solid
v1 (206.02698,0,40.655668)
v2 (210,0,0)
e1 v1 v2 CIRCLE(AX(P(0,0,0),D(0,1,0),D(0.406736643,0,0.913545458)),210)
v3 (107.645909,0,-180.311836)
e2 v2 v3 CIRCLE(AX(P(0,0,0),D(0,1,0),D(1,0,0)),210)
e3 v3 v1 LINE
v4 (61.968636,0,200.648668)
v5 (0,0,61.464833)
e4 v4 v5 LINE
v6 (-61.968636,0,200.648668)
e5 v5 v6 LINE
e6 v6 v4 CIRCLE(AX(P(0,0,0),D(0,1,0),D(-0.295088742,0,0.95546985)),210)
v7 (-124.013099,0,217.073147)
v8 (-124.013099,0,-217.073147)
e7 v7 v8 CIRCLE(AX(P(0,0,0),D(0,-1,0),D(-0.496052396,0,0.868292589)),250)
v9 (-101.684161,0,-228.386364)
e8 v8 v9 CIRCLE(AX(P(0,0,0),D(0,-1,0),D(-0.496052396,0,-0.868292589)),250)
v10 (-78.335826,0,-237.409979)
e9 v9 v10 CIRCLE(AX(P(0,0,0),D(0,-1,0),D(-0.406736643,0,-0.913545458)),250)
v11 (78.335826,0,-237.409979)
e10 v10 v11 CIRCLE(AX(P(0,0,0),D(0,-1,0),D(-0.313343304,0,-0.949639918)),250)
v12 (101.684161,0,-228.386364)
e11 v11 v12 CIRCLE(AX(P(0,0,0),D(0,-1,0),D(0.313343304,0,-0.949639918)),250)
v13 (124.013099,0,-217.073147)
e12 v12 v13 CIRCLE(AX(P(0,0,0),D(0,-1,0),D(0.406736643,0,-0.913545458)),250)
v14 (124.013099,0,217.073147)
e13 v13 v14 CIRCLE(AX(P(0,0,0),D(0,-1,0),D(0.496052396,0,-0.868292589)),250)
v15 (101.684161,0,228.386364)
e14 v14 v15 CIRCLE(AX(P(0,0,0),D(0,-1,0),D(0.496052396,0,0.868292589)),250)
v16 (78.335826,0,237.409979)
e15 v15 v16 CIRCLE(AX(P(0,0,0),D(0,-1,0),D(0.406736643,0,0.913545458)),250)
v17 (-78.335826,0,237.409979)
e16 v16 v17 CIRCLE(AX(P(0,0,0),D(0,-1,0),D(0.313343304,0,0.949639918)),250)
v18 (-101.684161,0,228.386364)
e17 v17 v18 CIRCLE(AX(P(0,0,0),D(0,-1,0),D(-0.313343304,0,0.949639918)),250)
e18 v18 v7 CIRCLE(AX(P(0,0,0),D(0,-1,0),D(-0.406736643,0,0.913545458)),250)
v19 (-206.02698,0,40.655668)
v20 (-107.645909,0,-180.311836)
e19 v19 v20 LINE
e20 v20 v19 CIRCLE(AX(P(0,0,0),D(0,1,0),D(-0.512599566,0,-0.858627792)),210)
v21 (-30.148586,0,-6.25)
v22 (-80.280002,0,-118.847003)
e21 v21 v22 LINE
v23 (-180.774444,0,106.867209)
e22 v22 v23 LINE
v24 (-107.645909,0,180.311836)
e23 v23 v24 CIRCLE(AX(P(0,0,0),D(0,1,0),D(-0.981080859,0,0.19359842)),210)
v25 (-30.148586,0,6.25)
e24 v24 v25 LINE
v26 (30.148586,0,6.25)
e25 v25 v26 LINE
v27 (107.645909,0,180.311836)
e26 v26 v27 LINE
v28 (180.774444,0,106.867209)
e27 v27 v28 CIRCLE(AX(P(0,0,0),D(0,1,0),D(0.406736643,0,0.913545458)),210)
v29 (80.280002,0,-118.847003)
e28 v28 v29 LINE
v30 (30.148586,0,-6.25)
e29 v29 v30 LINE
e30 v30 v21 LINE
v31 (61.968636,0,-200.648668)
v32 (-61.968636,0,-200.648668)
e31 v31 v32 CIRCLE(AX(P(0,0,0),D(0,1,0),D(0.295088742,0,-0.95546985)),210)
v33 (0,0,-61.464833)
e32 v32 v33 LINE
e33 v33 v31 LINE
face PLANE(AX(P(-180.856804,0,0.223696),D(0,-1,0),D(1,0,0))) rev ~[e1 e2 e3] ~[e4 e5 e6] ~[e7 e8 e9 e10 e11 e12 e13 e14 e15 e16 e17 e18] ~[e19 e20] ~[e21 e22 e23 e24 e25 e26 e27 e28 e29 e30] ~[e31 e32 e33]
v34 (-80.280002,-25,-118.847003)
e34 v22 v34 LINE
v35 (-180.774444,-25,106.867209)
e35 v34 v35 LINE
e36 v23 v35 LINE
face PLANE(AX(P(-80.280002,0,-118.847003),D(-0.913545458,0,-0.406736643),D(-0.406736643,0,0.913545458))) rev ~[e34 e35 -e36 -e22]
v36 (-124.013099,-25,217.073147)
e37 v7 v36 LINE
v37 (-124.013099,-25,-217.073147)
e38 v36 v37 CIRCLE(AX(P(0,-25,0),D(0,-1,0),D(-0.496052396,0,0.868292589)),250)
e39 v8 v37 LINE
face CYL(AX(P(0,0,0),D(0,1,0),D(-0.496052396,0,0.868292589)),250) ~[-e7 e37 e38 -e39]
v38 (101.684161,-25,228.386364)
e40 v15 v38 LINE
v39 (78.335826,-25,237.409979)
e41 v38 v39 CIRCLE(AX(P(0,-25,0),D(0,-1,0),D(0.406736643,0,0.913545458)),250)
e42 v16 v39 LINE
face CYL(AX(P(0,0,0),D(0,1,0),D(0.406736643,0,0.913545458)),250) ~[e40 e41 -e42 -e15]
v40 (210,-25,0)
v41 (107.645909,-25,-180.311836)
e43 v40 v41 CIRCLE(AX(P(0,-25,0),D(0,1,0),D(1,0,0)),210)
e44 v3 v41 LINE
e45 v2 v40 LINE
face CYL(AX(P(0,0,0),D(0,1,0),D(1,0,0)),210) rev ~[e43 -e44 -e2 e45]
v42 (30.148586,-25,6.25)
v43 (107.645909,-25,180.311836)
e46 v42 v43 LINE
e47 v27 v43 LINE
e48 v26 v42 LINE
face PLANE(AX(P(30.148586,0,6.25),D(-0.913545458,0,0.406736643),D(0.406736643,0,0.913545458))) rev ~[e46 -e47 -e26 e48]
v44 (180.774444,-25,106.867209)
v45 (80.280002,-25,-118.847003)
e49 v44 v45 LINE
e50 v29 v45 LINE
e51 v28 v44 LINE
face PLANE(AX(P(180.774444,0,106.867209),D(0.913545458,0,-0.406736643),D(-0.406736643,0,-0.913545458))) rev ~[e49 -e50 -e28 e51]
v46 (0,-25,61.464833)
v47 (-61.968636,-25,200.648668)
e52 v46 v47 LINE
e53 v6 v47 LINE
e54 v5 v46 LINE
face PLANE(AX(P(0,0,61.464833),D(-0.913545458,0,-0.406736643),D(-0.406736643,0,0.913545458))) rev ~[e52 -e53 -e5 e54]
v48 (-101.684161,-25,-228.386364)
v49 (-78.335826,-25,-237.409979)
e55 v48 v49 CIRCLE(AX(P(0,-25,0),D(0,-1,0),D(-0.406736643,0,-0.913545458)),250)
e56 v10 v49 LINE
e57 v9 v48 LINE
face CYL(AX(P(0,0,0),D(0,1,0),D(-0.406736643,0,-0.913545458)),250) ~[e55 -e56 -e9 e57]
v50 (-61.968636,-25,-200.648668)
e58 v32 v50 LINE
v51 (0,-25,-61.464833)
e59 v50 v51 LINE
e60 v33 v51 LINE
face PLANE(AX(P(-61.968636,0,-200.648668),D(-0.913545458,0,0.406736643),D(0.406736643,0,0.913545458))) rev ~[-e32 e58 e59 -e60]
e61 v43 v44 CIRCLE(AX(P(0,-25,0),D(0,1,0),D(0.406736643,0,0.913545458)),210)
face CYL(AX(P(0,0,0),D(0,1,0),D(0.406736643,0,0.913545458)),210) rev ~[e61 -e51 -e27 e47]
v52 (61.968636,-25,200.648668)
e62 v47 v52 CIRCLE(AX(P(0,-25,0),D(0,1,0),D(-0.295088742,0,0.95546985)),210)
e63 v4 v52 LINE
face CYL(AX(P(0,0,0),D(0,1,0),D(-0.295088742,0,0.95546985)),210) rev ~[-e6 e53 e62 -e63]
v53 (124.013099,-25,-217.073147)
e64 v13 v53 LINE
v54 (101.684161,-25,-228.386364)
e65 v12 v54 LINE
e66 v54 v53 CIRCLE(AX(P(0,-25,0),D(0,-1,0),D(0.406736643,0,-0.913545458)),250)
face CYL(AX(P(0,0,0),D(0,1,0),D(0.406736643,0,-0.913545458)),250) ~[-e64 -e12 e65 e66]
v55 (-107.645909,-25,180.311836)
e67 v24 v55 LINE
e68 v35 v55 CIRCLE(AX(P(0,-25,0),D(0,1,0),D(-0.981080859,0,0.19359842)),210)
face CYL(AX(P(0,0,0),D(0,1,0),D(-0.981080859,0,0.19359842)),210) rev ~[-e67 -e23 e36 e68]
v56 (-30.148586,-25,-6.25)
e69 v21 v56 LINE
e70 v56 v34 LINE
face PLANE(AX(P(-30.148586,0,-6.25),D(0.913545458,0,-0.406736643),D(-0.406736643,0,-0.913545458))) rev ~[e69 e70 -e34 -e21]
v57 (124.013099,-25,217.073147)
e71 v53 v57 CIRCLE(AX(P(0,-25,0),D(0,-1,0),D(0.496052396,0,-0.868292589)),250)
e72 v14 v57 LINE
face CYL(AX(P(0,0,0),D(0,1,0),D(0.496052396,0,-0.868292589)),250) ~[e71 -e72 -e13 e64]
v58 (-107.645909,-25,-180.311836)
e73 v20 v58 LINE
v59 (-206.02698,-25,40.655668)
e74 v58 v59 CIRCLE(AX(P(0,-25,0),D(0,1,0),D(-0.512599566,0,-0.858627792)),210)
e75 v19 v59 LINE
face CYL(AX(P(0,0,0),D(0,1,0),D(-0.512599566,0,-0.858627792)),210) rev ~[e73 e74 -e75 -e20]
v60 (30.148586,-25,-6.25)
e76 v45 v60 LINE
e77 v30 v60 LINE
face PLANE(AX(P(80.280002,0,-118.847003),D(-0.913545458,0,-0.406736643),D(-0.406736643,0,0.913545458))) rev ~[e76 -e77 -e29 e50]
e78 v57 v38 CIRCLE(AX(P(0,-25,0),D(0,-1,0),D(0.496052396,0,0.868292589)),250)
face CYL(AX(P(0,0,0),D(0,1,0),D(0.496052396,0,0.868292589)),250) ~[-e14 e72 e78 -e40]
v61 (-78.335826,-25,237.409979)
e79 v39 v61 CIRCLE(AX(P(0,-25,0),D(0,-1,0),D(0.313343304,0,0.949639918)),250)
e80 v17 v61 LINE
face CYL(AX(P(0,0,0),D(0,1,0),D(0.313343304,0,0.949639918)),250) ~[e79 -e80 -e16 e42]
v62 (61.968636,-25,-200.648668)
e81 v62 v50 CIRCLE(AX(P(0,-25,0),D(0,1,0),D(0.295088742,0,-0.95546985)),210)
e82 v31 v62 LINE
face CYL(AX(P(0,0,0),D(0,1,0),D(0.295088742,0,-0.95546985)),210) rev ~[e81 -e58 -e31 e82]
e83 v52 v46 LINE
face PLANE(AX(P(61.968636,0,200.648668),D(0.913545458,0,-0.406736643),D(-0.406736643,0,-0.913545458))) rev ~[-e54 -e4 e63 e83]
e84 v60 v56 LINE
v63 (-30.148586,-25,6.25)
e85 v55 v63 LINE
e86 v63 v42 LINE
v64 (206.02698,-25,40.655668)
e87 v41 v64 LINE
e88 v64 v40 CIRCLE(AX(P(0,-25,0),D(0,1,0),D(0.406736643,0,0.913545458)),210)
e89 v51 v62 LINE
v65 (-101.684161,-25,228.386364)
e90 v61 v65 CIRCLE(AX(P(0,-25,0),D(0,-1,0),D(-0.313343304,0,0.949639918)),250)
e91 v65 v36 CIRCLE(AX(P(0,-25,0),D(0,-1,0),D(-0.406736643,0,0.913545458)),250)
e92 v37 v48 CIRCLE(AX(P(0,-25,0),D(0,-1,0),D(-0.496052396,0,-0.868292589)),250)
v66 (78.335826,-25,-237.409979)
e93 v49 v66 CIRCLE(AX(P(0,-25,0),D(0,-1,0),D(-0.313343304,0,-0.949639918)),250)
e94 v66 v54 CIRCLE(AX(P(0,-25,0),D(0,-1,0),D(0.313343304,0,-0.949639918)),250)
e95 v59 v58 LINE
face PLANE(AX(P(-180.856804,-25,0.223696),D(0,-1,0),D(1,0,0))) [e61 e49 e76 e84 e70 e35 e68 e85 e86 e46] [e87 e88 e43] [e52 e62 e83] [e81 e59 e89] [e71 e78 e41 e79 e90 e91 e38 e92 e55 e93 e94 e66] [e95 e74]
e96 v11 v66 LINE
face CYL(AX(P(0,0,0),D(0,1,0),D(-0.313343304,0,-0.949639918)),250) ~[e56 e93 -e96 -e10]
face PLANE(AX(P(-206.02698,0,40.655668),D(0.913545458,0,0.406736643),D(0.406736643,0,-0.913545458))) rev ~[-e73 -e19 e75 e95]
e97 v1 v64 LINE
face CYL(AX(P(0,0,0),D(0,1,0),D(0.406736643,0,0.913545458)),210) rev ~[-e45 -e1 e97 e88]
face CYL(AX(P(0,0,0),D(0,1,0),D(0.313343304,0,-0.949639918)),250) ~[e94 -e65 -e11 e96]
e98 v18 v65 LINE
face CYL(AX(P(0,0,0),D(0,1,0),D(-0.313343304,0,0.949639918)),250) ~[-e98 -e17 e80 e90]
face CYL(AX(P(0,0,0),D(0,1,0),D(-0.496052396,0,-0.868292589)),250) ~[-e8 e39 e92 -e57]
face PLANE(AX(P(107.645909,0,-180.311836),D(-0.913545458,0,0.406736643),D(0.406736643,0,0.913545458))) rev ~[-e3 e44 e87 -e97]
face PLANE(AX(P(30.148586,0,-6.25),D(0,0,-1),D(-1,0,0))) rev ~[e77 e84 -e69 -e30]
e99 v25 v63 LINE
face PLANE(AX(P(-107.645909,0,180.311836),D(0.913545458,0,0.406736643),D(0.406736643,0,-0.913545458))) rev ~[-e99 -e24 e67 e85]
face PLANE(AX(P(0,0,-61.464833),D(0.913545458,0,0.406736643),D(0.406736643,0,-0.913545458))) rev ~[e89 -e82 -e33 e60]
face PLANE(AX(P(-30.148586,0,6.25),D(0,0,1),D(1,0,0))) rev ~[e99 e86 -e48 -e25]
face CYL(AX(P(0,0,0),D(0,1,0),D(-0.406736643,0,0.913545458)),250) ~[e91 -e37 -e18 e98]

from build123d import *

# Parameters (mm, degrees)
F1_DEPTH = 25


with BuildPart() as f1:
    # F0 (on Front) → F1 (new body)
    with BuildSketch(Plane.XZ):
        with BuildLine():
            Line((-107.6459087959, 180.3118363267), (-124.0130989589, 217.0731473182))
            ThreePointArc((-124.0130989589, 217.0731473182), (-250, 0), (-124.0130989589, -217.0731473182))
            Line((-124.0130989589, -217.0731473182), (-107.6459087959, -180.3118363267))
            ThreePointArc((-107.6459087959, -180.3118363267), (-191.8445461049, -85.4146950459), (-206.0269803632, 40.6556682694))
            ThreePointArc((-206.0269803632, 40.6556682694), (-196.2137291061, 74.8343003594), (-180.7744438555, 106.8672094177))
            ThreePointArc((-180.7744438555, 106.8672094177), (-148.8123088368, 148.1718486712), (-107.6459087959, 180.3118363267))
        make_face()
        with BuildLine():
            Line((-85.4146950459, 191.8445461049), (-101.684160769, 228.3863644107))
            ThreePointArc((-101.684160769, 228.3863644107), (-112.9903114537, 223.0093933394), (-124.0130989589, 217.0731473182))
            Line((-124.0130989589, 217.0731473182), (-107.6459087959, 180.3118363267))
            ThreePointArc((-107.6459087959, 180.3118363267), (-96.7023786556, 186.4098977049), (-85.4146950459, 191.8445461049))
        make_face()
        with BuildLine():
            Line((-61.9686359138, 200.6486684805), (-78.3358260768, 237.4099794719))
            ThreePointArc((-78.3358260768, 237.4099794719), (-90.1230010773, 233.1905758748), (-101.684160769, 228.3863644107))
            Line((-101.684160769, 228.3863644107), (-85.4146950459, 191.8445461049))
            ThreePointArc((-85.4146950459, 191.8445461049), (-73.823029631, 196.5964401918), (-61.9686359138, 200.6486684805))
        make_face()
        with BuildLine():
            Line((61.9686359138, 200.6486684805), (78.3358260768, 237.4099794719))
            ThreePointArc((78.3358260768, 237.4099794719), (0, 250), (-78.3358260768, 237.4099794719))
            Line((-78.3358260768, 237.4099794719), (-61.9686359138, 200.6486684805))
            ThreePointArc((-61.9686359138, 200.6486684805), (0, 210), (61.9686359138, 200.6486684805))
        make_face()
        with BuildLine():
            Line((85.4146950459, 191.8445461049), (101.684160769, 228.3863644107))
            ThreePointArc((101.684160769, 228.3863644107), (90.1230010773, 233.1905758748), (78.3358260768, 237.4099794719))
            Line((78.3358260768, 237.4099794719), (61.9686359138, 200.6486684805))
            ThreePointArc((61.9686359138, 200.6486684805), (73.823029631, 196.5964401918), (85.4146950459, 191.8445461049))
        make_face()
        with BuildLine():
            ThreePointArc((124.0130989589, -217.0731473182), (216.2212694669, -125.4924803729), (250, 0))
            ThreePointArc((250, 0), (216.2212694669, 125.4924803729), (124.0130989589, 217.0731473182))
            Line((124.0130989589, 217.0731473182), (107.6459087959, 180.3118363267))
            ThreePointArc((107.6459087959, 180.3118363267), (148.8123088368, 148.1718486712), (180.7744438555, 106.8672094177))
            ThreePointArc((180.7744438555, 106.8672094177), (196.2137291061, 74.8343003594), (206.0269803632, 40.6556682694))
            ThreePointArc((206.0269803632, 40.6556682694), (209.0043849735, 20.4246679745), (210, 0))
            ThreePointArc((210, 0), (182.627545632, -103.6686045842), (107.6459087959, -180.3118363267))
            Line((107.6459087959, -180.3118363267), (124.0130989589, -217.0731473182))
        make_face()
        with BuildLine():
            Line((107.6459087959, 180.3118363267), (124.0130989589, 217.0731473182))
            ThreePointArc((124.0130989589, 217.0731473182), (112.9903114537, 223.0093933394), (101.684160769, 228.3863644107))
            Line((101.684160769, 228.3863644107), (85.4146950459, 191.8445461049))
            ThreePointArc((85.4146950459, 191.8445461049), (96.7023786556, 186.4098977049), (107.6459087959, 180.3118363267))
        make_face()
        with BuildLine():
            Line((80.2800018333, -118.8470029373), (107.6459087959, -180.3118363267))
            Line((107.6459087959, -180.3118363267), (206.0269803632, 40.6556682694))
            ThreePointArc((206.0269803632, 40.6556682694), (196.2137291061, 74.8343003594), (180.7744438555, 106.8672094177))
            Line((180.7744438555, 106.8672094177), (80.2800018333, -118.8470029373))
        make_face()
        with BuildLine():
            ThreePointArc((101.6841607689, -228.3863644107), (112.9903114537, -223.0093933394), (124.0130989589, -217.0731473182))
            Line((124.0130989589, -217.0731473182), (107.6459087959, -180.3118363267))
            ThreePointArc((107.6459087959, -180.3118363267), (96.7023786556, -186.4098977049), (85.4146950459, -191.8445461049))
            Line((85.4146950459, -191.8445461049), (101.684160769, -228.3863644107))
        make_face()
        with BuildLine():
            ThreePointArc((78.3358260768, -237.4099794719), (90.1230010773, -233.1905758748), (101.6841607689, -228.3863644107))
            Line((101.684160769, -228.3863644107), (85.4146950459, -191.8445461049))
            ThreePointArc((85.4146950459, -191.8445461049), (73.823029631, -196.5964401918), (61.9686359138, -200.6486684805))
            Line((61.9686359138, -200.6486684805), (78.3358260768, -237.4099794719))
        make_face()
        with BuildLine():
            ThreePointArc((61.9686359138, -200.6486684805), (73.823029631, -196.5964401918), (85.4146950459, -191.8445461049))
            Line((85.4146950459, -191.8445461049), (2.7826792832, -6.25))
            Line((2.7826792832, -6.25), (-2.7826792832, -6.25))
            Line((-2.7826792832, -6.25), (-85.4146950459, -191.8445461049))
            ThreePointArc((-85.4146950459, -191.8445461049), (-73.823029631, -196.5964401918), (-61.9686359138, -200.6486684805))
            Line((-61.9686359138, -200.6486684805), (0, -61.4648333894))
            Line((0, -61.4648333894), (61.9686359138, -200.6486684805))
        make_face()
        with BuildLine():
            ThreePointArc((85.4146950459, -191.8445461049), (96.7023786556, -186.4098977049), (107.6459087959, -180.3118363267))
            Line((107.6459087959, -180.3118363267), (80.2800018333, -118.8470029373))
            Line((80.2800018333, -118.8470029373), (30.1485862458, -6.25))
            Line((30.1485862458, -6.25), (2.7826792832, -6.25))
            Line((2.7826792832, -6.25), (85.4146950459, -191.8445461049))
        make_face()
        with BuildLine():
            ThreePointArc((-78.3358260768, -237.4099794719), (0, -250), (78.3358260768, -237.4099794719))
            Line((78.3358260768, -237.4099794719), (61.9686359138, -200.6486684805))
            ThreePointArc((61.9686359138, -200.6486684805), (0, -210), (-61.9686359138, -200.6486684805))
            Line((-61.9686359138, -200.6486684805), (-78.3358260768, -237.4099794719))
        make_face()
        with BuildLine():
            ThreePointArc((-101.684160769, -228.3863644107), (-90.1230010773, -233.1905758748), (-78.3358260768, -237.4099794719))
            Line((-78.3358260768, -237.4099794719), (-61.9686359138, -200.6486684805))
            ThreePointArc((-61.9686359138, -200.6486684805), (-73.823029631, -196.5964401918), (-85.4146950459, -191.8445461049))
            Line((-85.4146950459, -191.8445461049), (-101.684160769, -228.3863644107))
        make_face()
        with BuildLine():
            ThreePointArc((-124.0130989589, -217.0731473182), (-112.9903114537, -223.0093933394), (-101.684160769, -228.3863644107))
            Line((-101.684160769, -228.3863644107), (-85.4146950459, -191.8445461049))
            ThreePointArc((-85.4146950459, -191.8445461049), (-96.7023786556, -186.4098977049), (-107.6459087959, -180.3118363267))
            Line((-107.6459087959, -180.3118363267), (-124.0130989589, -217.0731473182))
        make_face()
        with BuildLine():
            Line((-85.4146950459, -191.8445461049), (-2.7826792832, -6.25))
            Line((-2.7826792832, -6.25), (-30.1485862458, -6.25))
            Line((-30.1485862458, -6.25), (-80.2800018333, -118.8470029373))
            Line((-80.2800018333, -118.8470029373), (-107.6459087959, -180.3118363267))
            ThreePointArc((-107.6459087959, -180.3118363267), (-96.7023786556, -186.4098977049), (-85.4146950459, -191.8445461049))
        make_face()
        with BuildLine():
            Line((-206.0269803632, 40.6556682694), (-107.6459087959, -180.3118363267))
            Line((-107.6459087959, -180.3118363267), (-80.2800018333, -118.8470029373))
            Line((-80.2800018333, -118.8470029373), (-180.7744438555, 106.8672094177))
            ThreePointArc((-180.7744438555, 106.8672094177), (-196.2137291061, 74.8343003594), (-206.0269803632, 40.6556682694))
        make_face()
        with BuildLine():
            Line((-30.1485862458, 6.25), (-2.7826792832, 6.25))
            Line((-2.7826792832, 6.25), (-85.4146950459, 191.8445461049))
            ThreePointArc((-85.4146950459, 191.8445461049), (-96.7023786556, 186.4098977049), (-107.6459087959, 180.3118363267))
            Line((-107.6459087959, 180.3118363267), (-30.1485862458, 6.25))
        make_face()
        with BuildLine():
            Line((30.1485862458, 6.25), (107.6459087959, 180.3118363267))
            ThreePointArc((107.6459087959, 180.3118363267), (96.7023786556, 186.4098977049), (85.4146950459, 191.8445461049))
            Line((85.4146950459, 191.8445461049), (2.7826792832, 6.25))
            Line((2.7826792832, 6.25), (30.1485862458, 6.25))
        make_face()
        with BuildLine():
            Line((2.7826792832, 6.25), (85.4146950459, 191.8445461049))
            ThreePointArc((85.4146950459, 191.8445461049), (73.823029631, 196.5964401918), (61.9686359138, 200.6486684805))
            Line((61.9686359138, 200.6486684805), (0, 61.4648333894))
            Line((0, 61.4648333894), (-61.9686359138, 200.6486684805))
            ThreePointArc((-61.9686359138, 200.6486684805), (-73.823029631, 196.5964401918), (-85.4146950459, 191.8445461049))
            Line((-85.4146950459, 191.8445461049), (-2.7826792832, 6.25))
            Line((-2.7826792832, 6.25), (2.7826792832, 6.25))
        make_face()
    extrude(amount=F1_DEPTH)


solid = f1.part
